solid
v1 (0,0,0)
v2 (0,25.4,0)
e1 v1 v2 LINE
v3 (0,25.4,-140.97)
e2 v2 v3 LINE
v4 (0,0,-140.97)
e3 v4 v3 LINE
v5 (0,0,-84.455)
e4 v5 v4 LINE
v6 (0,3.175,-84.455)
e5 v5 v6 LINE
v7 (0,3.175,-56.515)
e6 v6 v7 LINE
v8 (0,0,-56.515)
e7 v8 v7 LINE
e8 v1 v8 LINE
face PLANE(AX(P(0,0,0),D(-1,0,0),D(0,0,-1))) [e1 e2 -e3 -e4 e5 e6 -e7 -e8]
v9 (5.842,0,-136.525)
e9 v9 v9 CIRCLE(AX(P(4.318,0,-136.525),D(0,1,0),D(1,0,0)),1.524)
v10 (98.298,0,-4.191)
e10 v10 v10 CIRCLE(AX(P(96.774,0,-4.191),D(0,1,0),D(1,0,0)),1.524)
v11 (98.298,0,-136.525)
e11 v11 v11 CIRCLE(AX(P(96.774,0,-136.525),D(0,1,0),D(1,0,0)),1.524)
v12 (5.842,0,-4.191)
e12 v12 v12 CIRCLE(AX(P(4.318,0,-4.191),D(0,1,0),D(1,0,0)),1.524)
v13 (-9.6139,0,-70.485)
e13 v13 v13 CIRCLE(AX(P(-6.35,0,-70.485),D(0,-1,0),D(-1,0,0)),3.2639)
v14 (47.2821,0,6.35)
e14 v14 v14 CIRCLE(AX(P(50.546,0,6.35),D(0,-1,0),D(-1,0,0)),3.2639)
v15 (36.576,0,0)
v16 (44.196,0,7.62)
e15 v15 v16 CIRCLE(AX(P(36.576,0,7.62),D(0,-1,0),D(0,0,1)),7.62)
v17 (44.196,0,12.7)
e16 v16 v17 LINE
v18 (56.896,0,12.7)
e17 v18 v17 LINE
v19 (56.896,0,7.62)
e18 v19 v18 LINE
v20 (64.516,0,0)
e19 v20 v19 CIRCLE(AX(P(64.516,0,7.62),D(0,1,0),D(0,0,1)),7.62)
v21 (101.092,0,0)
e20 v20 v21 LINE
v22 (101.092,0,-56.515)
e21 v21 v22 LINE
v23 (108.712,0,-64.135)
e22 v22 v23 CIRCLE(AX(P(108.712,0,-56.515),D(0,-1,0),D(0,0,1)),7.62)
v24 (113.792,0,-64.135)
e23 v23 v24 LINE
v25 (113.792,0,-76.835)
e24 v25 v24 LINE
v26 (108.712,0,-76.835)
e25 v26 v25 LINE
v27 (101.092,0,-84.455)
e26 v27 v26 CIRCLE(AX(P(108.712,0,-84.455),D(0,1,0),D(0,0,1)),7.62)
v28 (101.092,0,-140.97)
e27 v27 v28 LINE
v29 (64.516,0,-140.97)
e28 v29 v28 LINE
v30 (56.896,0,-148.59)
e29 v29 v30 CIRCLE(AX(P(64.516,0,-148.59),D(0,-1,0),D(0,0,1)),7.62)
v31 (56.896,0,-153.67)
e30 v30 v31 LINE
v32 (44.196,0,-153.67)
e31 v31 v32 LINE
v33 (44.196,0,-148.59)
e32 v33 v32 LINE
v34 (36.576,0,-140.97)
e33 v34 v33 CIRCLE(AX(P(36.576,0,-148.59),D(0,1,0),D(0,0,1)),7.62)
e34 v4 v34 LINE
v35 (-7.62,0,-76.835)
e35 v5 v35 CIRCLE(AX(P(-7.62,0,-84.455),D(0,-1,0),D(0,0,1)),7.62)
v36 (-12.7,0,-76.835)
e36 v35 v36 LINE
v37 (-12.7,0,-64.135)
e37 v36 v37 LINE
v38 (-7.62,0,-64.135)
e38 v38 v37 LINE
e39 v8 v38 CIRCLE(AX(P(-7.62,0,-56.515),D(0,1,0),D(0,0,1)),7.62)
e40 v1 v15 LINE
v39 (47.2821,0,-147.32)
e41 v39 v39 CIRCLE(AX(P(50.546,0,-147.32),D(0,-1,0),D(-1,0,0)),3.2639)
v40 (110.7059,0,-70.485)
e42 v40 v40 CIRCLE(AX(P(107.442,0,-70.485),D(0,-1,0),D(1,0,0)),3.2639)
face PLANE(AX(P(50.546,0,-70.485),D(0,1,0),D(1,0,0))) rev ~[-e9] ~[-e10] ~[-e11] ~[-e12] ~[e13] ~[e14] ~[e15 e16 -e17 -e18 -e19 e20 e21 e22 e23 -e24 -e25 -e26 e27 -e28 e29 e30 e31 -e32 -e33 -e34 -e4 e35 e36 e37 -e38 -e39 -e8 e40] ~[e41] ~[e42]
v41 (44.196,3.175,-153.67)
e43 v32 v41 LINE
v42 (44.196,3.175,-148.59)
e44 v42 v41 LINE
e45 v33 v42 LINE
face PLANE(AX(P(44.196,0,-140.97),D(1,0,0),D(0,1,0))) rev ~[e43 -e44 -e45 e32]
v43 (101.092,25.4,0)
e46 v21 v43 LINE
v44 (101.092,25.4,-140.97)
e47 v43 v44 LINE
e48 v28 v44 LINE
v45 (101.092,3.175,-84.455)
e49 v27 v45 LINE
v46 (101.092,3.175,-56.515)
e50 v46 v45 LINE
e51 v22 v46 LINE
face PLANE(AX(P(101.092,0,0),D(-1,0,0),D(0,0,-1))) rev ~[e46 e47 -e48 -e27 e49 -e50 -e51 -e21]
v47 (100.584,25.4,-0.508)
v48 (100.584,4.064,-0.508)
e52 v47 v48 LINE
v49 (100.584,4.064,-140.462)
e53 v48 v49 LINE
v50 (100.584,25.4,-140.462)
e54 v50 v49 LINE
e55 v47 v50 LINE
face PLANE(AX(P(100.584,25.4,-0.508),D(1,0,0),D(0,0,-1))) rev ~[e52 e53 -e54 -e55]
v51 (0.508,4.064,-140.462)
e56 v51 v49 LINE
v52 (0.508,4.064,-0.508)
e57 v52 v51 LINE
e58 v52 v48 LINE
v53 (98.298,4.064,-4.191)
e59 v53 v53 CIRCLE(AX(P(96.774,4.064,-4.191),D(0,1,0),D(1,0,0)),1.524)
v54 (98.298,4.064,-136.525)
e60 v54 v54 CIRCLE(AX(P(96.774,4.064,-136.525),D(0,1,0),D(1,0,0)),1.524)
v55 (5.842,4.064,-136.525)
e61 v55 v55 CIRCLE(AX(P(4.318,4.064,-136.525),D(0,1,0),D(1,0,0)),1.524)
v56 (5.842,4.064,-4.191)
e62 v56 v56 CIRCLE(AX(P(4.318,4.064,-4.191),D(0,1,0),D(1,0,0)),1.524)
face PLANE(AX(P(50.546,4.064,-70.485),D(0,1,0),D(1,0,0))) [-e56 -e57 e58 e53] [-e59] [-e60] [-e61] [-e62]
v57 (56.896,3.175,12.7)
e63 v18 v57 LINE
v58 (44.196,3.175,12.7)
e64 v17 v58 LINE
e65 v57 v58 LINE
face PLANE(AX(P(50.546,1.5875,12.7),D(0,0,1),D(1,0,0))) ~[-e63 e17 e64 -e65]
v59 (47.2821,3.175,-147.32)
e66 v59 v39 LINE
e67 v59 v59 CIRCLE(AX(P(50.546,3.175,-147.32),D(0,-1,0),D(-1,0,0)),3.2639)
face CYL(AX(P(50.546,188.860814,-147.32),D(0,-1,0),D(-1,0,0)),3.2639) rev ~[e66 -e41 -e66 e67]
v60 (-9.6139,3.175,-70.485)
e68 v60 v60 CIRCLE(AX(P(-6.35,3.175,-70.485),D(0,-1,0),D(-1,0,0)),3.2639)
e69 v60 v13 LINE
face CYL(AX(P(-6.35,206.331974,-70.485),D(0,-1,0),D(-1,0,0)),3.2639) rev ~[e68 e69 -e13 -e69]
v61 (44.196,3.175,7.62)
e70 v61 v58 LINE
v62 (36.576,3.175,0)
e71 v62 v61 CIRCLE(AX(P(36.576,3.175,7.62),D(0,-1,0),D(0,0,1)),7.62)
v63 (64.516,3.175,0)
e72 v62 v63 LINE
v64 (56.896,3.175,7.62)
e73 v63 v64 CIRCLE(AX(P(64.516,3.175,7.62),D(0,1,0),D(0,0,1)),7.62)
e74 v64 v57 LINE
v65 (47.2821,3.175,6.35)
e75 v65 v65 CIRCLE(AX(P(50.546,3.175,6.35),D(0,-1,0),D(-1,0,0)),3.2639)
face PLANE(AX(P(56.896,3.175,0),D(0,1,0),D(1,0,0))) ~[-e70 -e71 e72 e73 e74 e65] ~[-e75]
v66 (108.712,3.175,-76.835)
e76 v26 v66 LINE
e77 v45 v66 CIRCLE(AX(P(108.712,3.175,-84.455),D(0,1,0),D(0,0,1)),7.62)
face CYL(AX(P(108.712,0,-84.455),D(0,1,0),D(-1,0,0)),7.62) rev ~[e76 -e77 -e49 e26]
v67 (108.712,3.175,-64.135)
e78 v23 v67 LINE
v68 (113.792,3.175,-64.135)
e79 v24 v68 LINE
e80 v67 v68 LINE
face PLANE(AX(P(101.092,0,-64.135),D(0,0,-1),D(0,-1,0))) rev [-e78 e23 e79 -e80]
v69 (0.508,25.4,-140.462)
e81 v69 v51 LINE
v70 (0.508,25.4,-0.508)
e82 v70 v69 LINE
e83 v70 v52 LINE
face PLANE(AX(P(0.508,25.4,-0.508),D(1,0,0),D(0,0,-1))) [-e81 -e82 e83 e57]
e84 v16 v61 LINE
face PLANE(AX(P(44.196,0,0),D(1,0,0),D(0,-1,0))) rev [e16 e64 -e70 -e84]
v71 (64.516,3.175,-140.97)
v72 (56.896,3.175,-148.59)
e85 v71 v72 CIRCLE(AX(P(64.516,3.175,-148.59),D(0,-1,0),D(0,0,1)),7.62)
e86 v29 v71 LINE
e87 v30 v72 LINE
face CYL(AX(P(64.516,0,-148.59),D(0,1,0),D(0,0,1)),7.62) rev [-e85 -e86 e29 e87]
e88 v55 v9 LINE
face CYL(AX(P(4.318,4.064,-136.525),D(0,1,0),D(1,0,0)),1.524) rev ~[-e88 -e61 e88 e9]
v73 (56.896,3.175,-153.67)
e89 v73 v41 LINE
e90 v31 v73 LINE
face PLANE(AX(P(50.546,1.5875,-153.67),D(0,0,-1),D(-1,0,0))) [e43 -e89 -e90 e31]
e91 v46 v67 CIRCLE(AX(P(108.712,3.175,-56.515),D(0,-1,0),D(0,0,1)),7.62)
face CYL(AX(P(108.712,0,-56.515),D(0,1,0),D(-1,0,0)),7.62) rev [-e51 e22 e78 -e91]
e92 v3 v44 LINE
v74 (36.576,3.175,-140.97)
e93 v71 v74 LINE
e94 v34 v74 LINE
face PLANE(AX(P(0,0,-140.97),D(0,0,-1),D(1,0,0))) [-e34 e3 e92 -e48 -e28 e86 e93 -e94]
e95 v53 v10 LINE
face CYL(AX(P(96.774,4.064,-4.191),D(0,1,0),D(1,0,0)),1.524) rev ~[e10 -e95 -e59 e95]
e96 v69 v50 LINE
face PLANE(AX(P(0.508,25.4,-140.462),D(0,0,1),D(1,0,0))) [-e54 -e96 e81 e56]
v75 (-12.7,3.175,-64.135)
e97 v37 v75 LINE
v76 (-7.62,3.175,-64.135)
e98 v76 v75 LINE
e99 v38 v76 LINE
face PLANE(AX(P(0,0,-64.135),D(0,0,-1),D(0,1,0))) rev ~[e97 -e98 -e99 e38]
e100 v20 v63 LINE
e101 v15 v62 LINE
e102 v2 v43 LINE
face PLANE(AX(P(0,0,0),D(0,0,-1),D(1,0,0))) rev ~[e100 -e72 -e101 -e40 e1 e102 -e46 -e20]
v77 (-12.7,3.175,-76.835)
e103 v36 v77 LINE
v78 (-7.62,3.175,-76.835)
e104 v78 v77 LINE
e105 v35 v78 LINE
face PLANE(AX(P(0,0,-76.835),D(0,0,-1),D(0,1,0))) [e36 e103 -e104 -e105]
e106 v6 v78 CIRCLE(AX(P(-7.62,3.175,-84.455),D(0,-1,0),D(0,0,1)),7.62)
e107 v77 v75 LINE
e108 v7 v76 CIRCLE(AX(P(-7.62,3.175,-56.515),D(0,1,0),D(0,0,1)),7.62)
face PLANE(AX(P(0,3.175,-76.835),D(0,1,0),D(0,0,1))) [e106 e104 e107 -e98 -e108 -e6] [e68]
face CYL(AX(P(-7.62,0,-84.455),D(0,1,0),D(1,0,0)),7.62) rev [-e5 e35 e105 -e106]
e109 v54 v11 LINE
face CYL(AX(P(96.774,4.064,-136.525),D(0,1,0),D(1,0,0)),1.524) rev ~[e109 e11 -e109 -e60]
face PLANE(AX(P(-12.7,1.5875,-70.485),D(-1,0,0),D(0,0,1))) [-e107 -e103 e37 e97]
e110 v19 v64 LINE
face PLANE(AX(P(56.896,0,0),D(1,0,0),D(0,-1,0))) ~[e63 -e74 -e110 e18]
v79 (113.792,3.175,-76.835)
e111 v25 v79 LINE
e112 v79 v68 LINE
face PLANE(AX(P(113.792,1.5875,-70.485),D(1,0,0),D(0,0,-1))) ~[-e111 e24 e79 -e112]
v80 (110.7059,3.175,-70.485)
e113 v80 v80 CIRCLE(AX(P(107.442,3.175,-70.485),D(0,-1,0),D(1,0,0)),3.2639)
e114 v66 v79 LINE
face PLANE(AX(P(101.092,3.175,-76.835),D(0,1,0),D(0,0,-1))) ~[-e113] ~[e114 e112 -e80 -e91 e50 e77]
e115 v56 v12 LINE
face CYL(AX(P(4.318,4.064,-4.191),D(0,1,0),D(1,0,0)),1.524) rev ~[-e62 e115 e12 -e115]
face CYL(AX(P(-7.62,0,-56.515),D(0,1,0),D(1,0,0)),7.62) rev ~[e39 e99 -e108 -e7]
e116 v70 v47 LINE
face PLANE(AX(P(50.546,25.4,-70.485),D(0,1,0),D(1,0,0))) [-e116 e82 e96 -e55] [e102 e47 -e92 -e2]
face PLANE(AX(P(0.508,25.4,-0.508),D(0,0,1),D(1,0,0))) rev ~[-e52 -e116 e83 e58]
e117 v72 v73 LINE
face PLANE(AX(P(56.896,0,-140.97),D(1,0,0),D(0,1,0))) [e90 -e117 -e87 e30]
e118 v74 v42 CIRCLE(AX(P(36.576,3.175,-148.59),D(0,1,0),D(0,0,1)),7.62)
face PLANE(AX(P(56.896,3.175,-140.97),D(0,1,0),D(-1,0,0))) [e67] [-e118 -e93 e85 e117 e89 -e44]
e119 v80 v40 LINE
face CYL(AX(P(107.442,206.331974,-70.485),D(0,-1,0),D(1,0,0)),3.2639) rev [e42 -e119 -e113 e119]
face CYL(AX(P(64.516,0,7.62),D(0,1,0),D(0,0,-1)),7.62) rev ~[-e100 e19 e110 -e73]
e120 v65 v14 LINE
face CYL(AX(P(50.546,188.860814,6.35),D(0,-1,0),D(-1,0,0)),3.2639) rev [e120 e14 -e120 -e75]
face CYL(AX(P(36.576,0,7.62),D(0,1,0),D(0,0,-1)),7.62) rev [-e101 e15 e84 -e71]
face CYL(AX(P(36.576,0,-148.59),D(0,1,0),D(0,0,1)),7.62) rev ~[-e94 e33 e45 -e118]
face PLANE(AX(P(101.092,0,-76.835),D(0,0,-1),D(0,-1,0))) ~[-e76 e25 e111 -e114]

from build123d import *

# Parameters (mm, degrees)
SKETCH1_W                = 101.092
SKETCH1_H                = 140.97
BOSS_EXTRUDE1_DEPTH      = 25.4
SKETCH2_W                = 100.076
SKETCH2_H                = 139.954
CUT_EXTRUDE1_DEPTH       = 21.336
SKETCH3_R                = 1.524
CUT_EXTRUDE2_DEPTH       = 21.336
SKETCH4_W                = 12.7
SKETCH4_H                = 3.175
BOSS_EXTRUDE2_DEPTH      = 12.7
F_5_16_18_TAPPED_HOLE1_D = 6.5278
SKETCH13_W               = 12.7
SKETCH13_H               = 3.175
BOSS_EXTRUDE3_DEPTH      = 12.7
F_5_16_18_TAPPED_HOLE2_D = 6.5278
FILLET1_R                = 7.62


with BuildPart() as part:
    # Sketch1 → Boss-Extrude1 (new body)
    with BuildSketch(Plane(origin=(0, 0, 0), x_dir=(1, 0, 0), z_dir=(0, 1, 0))):
        with Locations((50.546, 70.485)):
            Rectangle(SKETCH1_W, SKETCH1_H)
    extrude(amount=BOSS_EXTRUDE1_DEPTH)

    # Sketch2 → Cut-Extrude1 (cut)
    with BuildSketch(Plane(origin=(0, 25.4, 0), x_dir=(1, 0, 0), z_dir=(0, 1, 0))):
        with Locations((50.546, 70.485)):
            Rectangle(SKETCH2_W, SKETCH2_H)
    extrude(amount=-CUT_EXTRUDE1_DEPTH, mode=Mode.SUBTRACT)

    # Sketch3 → Cut-Extrude2 (cut)
    with BuildSketch(Plane(origin=(0, 4.064, 0), x_dir=(1, 0, 0), z_dir=(0, 1, 0))):
        with Locations((4.318, 136.525)):
            Circle(SKETCH3_R)
        with Locations((96.774, 136.525)):
            Circle(SKETCH3_R)
        with Locations((96.774, 4.191)):
            Circle(SKETCH3_R)
        with Locations((4.318, 4.191)):
            Circle(SKETCH3_R)
    extrude(amount=-CUT_EXTRUDE2_DEPTH, mode=Mode.SUBTRACT)

    # Sketch4 → Boss-Extrude2 (add)
    with BuildSketch(Plane(origin=(0, 0, -140.97), x_dir=(-1, 0, 0), z_dir=(0, 0, -1))):
        with Locations((-50.546, 1.5875)):
            Rectangle(SKETCH4_W, SKETCH4_H)
    boss_extrude2 = extrude(amount=BOSS_EXTRUDE2_DEPTH)

    # 5/16-18 Tapped Hole1 (through all)
    with Locations(Plane(origin=(0, 3.175, 0), x_dir=(1, 0, 0), z_dir=(0, 1, 0))):
        with Locations((50.546, 147.32)):
            f_5_16_18_tapped_hole1 = Hole(F_5_16_18_TAPPED_HOLE1_D / 2)

    # Mirror1: Boss-Extrude2, 5/16-18 Tapped Hole1 across plane
    add(boss_extrude2.mirror(Plane.XY.offset(-70.485)))
    add(f_5_16_18_tapped_hole1.mirror(Plane.XY.offset(-70.485)), mode=Mode.SUBTRACT)

    # Sketch13 → Boss-Extrude3 (add)
    with BuildSketch(Plane.ZY):
        with Locations((-70.485, 1.5875)):
            Rectangle(SKETCH13_W, SKETCH13_H)
    boss_extrude3 = extrude(amount=BOSS_EXTRUDE3_DEPTH)

    # 5/16-18 Tapped Hole2 (through all)
    with Locations(Plane(origin=(0, 3.175, 0), x_dir=(1, 0, 0), z_dir=(0, 1, 0))):
        with Locations((-6.35, 70.485)):
            f_5_16_18_tapped_hole2 = Hole(F_5_16_18_TAPPED_HOLE2_D / 2)

    # Mirror2: Boss-Extrude3, 5/16-18 Tapped Hole2 across plane
    add(boss_extrude3.mirror(Plane.ZY.offset(-50.546)))
    add(f_5_16_18_tapped_hole2.mirror(Plane.ZY.offset(-50.546)), mode=Mode.SUBTRACT)

    # Fillet1
    fillet1_edges = [part.edges().sort_by_distance(p)[0] for p in [
        (101.092, 1.5875, -64.135),
        (101.092, 1.5875, -76.835),
        (56.896, 1.5875, -140.97),
        (44.196, 1.5875, -140.97),
        (56.896, 1.5875, 0),
        (44.196, 1.5875, 0),
        (0, 1.5875, -64.135),
        (0, 1.5875, -76.835),
    ]]
    fillet(fillet1_edges, radius=FILLET1_R)


solid = part.part
